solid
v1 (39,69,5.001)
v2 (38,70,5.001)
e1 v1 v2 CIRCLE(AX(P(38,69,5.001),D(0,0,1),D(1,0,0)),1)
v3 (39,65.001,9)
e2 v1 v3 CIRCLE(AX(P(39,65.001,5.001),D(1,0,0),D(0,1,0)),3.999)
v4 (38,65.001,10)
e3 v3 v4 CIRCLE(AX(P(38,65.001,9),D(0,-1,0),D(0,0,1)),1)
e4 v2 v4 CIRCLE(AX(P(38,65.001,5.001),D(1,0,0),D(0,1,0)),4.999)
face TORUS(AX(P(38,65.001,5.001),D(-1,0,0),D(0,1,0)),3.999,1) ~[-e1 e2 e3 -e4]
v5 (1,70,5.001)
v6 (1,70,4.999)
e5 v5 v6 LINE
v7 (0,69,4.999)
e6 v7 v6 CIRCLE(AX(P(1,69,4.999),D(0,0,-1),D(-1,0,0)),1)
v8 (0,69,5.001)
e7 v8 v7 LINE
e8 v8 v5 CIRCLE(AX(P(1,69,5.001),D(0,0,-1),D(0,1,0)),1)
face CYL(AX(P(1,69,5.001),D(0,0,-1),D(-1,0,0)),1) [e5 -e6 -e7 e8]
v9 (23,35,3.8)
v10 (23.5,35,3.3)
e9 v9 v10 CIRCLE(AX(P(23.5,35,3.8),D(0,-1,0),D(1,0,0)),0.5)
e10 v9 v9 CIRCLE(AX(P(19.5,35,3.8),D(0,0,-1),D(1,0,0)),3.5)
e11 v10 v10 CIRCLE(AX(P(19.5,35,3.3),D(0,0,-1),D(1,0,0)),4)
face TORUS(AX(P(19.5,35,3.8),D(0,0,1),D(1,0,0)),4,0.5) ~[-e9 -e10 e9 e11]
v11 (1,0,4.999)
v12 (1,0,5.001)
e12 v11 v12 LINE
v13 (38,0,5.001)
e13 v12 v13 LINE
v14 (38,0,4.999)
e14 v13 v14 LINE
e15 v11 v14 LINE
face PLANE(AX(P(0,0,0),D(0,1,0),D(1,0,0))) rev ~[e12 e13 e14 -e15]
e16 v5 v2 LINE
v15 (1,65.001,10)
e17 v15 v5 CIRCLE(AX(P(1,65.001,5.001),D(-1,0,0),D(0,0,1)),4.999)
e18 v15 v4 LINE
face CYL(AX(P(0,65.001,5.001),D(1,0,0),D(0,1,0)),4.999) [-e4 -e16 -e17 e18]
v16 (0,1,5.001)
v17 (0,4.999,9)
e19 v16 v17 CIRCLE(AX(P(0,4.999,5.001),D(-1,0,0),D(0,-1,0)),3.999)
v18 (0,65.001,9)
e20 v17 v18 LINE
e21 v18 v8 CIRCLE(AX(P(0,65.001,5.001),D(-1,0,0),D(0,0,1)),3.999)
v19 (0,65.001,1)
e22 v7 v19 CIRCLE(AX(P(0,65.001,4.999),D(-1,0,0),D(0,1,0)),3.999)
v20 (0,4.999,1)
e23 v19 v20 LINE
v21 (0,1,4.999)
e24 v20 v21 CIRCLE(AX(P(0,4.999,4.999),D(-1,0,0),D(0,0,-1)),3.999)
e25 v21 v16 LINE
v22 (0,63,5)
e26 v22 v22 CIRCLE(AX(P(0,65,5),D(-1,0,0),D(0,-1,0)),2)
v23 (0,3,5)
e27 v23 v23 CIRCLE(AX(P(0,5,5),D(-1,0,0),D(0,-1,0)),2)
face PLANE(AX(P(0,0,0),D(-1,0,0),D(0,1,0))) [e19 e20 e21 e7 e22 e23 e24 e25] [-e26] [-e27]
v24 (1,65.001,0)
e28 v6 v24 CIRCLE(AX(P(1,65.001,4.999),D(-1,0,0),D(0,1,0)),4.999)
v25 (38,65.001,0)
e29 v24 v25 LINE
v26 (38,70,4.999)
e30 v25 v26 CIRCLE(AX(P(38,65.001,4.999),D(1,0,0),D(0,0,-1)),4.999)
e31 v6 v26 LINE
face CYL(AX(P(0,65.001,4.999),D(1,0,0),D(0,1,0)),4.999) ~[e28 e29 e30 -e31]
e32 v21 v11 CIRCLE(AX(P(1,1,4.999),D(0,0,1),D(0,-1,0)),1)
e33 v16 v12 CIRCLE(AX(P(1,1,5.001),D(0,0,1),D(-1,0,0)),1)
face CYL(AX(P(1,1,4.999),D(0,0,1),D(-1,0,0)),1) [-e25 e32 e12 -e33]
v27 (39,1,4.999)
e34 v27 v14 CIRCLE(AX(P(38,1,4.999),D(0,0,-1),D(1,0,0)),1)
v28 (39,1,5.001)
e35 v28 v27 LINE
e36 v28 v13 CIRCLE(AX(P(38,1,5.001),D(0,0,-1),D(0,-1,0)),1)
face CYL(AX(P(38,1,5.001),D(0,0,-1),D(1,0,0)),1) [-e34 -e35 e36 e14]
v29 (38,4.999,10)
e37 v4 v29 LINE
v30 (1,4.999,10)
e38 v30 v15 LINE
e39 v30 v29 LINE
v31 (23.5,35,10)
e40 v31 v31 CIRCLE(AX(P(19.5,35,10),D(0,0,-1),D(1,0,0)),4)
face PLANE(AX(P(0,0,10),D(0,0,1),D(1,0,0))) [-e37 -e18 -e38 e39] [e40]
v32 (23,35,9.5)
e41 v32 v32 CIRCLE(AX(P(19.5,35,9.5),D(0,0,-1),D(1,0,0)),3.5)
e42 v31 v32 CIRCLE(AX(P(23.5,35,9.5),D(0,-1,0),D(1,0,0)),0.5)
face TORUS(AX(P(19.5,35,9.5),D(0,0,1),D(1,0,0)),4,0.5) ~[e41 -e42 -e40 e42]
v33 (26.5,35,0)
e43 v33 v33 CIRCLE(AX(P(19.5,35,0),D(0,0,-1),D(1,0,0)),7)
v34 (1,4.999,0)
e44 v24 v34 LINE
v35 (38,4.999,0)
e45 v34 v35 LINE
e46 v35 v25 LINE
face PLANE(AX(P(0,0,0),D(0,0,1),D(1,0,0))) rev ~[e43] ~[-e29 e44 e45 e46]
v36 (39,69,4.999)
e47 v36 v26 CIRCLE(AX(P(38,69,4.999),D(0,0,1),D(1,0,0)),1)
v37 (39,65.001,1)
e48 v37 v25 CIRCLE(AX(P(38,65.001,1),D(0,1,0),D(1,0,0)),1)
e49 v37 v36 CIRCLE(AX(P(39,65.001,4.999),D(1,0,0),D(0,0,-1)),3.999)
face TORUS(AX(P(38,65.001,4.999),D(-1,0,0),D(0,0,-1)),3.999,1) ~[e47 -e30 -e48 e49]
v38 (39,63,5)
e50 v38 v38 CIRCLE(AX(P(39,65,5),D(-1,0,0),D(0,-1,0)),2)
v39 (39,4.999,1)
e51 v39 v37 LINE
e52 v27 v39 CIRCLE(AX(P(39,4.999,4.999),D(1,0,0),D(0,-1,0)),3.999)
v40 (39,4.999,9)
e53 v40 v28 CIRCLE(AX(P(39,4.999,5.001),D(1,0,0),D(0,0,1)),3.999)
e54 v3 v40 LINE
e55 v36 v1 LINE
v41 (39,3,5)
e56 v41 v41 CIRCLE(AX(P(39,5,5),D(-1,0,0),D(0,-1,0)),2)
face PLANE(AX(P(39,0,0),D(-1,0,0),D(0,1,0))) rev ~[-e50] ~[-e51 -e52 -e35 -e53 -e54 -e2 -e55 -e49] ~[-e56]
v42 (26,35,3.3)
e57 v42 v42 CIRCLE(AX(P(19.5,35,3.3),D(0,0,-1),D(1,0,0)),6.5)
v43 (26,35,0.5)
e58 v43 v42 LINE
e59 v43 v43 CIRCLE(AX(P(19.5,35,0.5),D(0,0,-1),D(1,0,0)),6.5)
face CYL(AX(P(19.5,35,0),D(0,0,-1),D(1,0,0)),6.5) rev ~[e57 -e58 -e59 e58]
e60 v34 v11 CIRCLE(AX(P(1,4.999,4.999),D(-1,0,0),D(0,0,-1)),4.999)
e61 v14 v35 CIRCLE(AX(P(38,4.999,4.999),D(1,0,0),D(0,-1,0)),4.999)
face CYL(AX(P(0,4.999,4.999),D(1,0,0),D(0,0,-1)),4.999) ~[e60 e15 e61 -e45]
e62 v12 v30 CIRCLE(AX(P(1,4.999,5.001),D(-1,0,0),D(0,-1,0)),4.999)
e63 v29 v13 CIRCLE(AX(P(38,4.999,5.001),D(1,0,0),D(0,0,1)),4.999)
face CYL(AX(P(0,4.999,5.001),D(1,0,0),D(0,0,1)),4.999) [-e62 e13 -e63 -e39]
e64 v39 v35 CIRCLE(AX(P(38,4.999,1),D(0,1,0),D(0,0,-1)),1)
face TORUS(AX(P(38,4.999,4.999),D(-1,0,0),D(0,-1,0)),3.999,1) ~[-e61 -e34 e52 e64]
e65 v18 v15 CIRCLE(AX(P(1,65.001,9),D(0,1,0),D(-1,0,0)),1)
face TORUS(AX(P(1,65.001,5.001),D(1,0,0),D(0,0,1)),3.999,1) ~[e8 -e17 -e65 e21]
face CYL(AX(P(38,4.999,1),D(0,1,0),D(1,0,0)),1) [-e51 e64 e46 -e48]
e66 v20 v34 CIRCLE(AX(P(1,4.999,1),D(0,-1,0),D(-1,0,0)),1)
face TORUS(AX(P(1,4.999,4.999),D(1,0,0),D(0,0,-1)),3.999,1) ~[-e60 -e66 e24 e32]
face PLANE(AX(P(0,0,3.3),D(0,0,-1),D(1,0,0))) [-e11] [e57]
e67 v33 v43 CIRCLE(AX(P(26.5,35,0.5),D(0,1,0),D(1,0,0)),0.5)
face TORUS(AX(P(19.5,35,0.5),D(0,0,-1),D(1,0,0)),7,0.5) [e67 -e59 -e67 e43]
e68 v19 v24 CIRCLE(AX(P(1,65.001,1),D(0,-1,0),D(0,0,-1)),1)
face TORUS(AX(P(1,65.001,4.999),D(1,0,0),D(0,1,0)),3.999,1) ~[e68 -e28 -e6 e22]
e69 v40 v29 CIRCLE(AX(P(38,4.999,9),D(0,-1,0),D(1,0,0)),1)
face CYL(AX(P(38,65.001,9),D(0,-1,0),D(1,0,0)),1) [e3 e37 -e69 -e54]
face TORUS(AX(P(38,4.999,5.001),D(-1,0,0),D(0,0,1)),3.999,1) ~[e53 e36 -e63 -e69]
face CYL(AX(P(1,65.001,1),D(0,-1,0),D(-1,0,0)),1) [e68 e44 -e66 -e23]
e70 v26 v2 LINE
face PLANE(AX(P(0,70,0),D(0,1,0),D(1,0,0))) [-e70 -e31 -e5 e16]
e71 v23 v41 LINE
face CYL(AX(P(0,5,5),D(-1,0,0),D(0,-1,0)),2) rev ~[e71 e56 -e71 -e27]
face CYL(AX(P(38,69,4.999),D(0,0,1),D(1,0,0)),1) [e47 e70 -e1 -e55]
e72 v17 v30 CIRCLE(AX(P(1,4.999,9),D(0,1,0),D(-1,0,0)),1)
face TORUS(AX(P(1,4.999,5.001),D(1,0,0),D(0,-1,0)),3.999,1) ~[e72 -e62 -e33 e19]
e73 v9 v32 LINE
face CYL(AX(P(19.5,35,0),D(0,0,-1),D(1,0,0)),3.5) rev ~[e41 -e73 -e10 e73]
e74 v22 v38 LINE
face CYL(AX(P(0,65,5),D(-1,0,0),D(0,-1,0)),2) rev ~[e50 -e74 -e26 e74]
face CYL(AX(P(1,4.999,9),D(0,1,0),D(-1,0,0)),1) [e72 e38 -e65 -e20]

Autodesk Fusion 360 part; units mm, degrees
sketch "Esboço1" plane through (0, 0, 0) normal (0, 0, 1) x (1, 0, 0)
  line L0 (0, 0) -> (39, 0)
  line L1 (39, 0) -> (39, 70)
  line L2 (0, 0) -> (0, 70)
  line L3 (0, 70) -> (39, 70)
  dimension "d1" = 39
  dimension "d2" = 70
extrude "Extrusão1" add sketch "Esboço1" along normal blind 10
sketch "Esboço3" plane through (0, 0, 0) normal (0, 0, -1) x (1, 0, 0)
  line L0 (39, 0) -> (0, 0)
  line L1 (0, 0) -> (0, -70)
  line L2 (0, -70) -> (39, -70)
  line L3 (39, -70) -> (39, 0)
  line L4 (39, 0) -> (39, -35) construction
  line L5 (39, -35) -> (0, -35) construction
  circle A0 centre (19.5, -35) radius 3.5
  dimension "d5" = 7
extrude "Extrusão2" cut sketch "Esboço3" against normal blind 10 contours A0
sketch "Esboço4" plane through (0, 0, 0) normal (0, 0, -1) x (1, 0, 0)
  circle A0 centre (19.5, -35) radius 3.5
  line L0 (39, 0) -> (0, 0)
  line L1 (0, 0) -> (0, -70)
  line L2 (0, -70) -> (39, -70)
  line L3 (39, -70) -> (39, 0)
  circle A1 centre (19.5, -35) radius 6.5
  dimension "d8" = 13
extrude "Extrusão3" cut sketch "Esboço4" against normal blind 3.3 contours A1
fillet "Arredondamento1" radius 5 2 edges at (19.5, 70, 10) (19.5, 70, 0)
sketch "Esboço5" plane through (0, 0, 0) normal (-1, 0, 0) x (0, -1, 0)
  arc A0 (-65, 10) -> (-65, 0) centre (-65, 5) ccw
  line L0 (-65, 0) -> (0, 0)
  line L1 (0, 0) -> (0, 10)
  line L2 (0, 10) -> (-65, 10)
  circle A1 centre (-65, 5) radius 2
  dimension "d13" = 4
extrude "Extrusão4" cut sketch "Esboço5" against normal blind 40 contours A1
fillet "Arredondamento2" radius 5 2 edges at (19.5, 0, 10) (19.5, 0, 0)
sketch "Esboço6" plane through (0, 0, 0) normal (-1, 0, 0) x (0, -1, 0)
  circle A0 centre (-65, 5) radius 2
  arc A1 (-5, 0) -> (-5, 10) centre (-5, 5) ccw
  line L0 (-5, 10) -> (-65, 10)
  arc A2 (-65, 10) -> (-65, 0) centre (-65, 5) ccw
  line L1 (-65, 0) -> (-5, 0)
  circle A3 centre (-5, 5) radius 2
  dimension "d18" = 4
extrude "Extrusão5" cut sketch "Esboço6" against normal blind 40 contours A3
fillet "Arredondamento3" radius 0.5 3 edges at (13.4399, 32.6495, 0) (16.2369, 36.2657, 3.3) (16.2369, 36.2657, 10)
fillet "Arredondamento4" radius 1 8 edges at (39, 70, 5) (39, 35, 10) (39, 0, 5) (39, 35, 0) (0, 35, 10) (0, 0, 5) (0, 35, 0) (0, 70, 5)
